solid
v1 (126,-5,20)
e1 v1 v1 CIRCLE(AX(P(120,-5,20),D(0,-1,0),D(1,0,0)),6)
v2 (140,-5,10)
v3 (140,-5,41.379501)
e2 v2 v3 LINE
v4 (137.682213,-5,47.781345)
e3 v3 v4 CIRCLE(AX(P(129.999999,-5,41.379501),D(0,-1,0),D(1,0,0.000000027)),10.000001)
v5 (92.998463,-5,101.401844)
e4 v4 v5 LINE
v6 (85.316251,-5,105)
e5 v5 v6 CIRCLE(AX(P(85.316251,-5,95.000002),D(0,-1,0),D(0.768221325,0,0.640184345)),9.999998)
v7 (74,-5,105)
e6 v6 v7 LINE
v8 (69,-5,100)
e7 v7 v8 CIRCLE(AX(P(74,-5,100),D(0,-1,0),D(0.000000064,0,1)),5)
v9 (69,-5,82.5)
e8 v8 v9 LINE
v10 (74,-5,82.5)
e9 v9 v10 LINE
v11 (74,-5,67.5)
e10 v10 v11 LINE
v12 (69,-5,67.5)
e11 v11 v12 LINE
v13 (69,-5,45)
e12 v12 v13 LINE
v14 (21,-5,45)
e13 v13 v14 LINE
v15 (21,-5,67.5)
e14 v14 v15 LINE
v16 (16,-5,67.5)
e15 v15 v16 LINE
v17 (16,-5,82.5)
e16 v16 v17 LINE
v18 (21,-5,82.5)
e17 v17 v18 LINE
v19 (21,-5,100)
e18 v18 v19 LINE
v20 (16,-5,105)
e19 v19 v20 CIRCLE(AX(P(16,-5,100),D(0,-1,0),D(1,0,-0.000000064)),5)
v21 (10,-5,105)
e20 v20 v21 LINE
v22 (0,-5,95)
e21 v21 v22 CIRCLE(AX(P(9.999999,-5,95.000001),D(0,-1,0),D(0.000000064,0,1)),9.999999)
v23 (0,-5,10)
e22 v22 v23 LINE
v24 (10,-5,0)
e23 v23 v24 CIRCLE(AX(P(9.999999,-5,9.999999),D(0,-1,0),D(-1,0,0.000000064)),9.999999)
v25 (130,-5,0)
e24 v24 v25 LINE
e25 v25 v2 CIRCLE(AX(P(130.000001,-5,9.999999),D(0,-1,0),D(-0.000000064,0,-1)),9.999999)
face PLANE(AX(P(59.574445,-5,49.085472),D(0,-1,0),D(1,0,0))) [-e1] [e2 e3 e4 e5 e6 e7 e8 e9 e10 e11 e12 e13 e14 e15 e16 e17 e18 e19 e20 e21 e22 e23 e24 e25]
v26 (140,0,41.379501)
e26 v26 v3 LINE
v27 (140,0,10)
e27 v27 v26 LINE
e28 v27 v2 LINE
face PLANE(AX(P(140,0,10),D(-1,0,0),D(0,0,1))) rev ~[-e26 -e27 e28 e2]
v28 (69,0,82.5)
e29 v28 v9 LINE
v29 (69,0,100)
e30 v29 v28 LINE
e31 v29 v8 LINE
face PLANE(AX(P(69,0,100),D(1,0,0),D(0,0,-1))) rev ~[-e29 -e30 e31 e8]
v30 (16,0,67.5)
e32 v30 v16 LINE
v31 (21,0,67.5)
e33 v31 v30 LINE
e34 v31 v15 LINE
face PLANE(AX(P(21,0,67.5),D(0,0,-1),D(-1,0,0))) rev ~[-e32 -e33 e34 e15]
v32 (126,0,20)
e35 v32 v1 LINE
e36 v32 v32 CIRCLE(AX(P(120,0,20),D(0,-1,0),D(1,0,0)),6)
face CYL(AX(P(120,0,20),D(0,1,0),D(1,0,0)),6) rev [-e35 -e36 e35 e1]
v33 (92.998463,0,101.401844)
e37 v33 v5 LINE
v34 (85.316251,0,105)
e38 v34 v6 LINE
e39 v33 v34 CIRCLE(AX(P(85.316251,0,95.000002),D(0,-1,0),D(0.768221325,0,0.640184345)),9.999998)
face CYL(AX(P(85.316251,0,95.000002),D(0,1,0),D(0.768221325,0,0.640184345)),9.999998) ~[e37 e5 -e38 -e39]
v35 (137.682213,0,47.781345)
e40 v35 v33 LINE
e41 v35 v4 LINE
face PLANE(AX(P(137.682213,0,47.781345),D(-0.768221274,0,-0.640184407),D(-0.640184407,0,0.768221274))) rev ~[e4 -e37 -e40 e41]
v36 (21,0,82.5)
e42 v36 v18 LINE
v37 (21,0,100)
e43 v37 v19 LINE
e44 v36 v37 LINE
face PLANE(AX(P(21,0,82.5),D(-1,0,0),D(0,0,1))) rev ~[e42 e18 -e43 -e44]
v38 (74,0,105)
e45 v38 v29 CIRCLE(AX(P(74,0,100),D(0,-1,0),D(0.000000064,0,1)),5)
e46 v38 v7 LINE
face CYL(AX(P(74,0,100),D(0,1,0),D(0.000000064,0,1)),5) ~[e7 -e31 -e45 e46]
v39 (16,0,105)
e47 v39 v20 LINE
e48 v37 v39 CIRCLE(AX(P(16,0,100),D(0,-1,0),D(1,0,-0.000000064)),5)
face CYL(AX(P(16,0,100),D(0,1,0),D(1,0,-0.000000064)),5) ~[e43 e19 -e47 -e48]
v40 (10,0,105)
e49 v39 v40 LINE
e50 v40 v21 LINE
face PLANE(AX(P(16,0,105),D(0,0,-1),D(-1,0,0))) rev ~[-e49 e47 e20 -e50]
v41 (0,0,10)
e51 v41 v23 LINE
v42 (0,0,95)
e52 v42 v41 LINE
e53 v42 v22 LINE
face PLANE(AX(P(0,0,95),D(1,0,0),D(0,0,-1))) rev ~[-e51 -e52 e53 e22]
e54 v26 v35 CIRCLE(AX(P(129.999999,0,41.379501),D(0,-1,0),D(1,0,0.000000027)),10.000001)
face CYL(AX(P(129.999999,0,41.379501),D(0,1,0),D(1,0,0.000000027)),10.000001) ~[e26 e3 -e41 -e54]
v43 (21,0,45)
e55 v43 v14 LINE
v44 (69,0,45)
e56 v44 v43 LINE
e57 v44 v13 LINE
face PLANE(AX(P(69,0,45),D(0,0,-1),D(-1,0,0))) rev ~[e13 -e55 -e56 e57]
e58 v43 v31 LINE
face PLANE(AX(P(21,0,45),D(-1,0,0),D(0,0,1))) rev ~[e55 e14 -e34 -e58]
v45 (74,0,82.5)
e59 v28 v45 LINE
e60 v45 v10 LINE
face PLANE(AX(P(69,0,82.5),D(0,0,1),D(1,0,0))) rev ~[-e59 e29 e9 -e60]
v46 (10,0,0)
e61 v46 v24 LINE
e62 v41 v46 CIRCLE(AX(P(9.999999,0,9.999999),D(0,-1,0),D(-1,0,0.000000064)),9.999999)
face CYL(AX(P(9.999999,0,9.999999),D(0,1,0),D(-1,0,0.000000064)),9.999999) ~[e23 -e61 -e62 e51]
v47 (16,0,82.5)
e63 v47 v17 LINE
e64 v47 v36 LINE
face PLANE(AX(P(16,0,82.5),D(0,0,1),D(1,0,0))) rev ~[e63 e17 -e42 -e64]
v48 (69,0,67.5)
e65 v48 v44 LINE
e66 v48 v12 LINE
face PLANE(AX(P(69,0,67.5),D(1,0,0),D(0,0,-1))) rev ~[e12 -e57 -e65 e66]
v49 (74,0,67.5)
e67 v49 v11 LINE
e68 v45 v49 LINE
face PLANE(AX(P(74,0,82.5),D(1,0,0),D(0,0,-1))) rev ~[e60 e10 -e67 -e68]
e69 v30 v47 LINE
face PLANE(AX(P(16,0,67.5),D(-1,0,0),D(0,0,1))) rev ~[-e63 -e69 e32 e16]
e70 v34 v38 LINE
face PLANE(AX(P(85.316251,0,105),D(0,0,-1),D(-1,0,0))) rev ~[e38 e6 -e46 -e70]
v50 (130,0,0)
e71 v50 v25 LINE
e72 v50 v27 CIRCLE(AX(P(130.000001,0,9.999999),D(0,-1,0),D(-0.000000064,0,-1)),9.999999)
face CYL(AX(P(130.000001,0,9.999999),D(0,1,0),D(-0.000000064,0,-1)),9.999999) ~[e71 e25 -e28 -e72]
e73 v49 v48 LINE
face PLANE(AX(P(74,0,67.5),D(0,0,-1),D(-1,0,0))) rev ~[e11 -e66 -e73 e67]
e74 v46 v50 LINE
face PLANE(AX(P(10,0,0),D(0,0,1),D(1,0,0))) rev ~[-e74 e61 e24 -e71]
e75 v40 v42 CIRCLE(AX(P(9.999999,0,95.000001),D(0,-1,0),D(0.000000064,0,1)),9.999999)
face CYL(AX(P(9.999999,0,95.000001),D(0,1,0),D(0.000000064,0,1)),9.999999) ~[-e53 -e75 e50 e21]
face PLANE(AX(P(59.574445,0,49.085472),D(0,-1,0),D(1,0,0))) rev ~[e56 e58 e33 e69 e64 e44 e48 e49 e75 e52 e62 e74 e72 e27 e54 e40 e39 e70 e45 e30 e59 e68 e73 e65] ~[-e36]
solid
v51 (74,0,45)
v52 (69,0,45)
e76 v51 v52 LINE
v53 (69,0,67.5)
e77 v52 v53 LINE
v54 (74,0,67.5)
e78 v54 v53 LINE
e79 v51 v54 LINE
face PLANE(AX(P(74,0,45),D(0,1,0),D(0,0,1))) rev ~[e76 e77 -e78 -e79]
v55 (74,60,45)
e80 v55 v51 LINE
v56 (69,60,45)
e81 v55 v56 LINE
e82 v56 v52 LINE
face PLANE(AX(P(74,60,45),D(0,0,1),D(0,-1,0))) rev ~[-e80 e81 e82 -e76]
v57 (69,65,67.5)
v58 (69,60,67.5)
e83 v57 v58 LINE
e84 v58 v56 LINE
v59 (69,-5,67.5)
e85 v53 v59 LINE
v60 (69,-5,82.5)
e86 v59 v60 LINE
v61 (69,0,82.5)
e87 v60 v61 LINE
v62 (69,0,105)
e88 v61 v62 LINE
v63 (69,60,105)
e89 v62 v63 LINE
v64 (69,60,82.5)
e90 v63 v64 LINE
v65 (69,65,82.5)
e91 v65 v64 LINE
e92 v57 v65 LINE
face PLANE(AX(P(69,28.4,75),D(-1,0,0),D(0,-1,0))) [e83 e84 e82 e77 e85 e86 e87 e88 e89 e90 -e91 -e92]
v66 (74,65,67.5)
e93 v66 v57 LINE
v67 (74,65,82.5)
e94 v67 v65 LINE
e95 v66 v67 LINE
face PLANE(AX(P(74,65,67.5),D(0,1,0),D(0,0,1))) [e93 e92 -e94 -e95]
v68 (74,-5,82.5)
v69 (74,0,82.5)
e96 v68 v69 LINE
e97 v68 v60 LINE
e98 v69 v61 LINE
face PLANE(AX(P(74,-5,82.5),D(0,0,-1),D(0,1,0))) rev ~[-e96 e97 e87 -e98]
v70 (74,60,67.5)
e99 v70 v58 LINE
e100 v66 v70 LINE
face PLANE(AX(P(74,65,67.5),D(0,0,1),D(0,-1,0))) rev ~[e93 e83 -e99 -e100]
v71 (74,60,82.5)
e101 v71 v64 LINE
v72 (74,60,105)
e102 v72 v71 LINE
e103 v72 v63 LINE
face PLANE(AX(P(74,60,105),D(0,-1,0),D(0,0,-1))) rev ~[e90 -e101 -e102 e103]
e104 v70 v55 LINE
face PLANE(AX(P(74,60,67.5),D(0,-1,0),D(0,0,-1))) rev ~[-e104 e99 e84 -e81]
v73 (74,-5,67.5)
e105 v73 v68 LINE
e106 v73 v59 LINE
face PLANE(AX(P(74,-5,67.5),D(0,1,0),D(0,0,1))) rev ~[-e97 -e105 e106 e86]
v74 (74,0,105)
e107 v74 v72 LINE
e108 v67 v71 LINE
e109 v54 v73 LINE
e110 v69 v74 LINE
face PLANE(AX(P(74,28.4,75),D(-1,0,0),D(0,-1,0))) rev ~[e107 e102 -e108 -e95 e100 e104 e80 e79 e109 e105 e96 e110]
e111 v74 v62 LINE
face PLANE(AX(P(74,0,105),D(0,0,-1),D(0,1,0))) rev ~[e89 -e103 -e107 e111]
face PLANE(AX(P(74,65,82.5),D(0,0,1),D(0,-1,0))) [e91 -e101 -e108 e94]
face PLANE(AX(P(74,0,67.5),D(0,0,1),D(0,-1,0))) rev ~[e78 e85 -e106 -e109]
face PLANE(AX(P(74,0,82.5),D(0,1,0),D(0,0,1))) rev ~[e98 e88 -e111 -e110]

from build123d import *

# Parameters (mm, degrees)
F0_R     = 6
F1_DEPTH = 5
F2_W     = 5
F2_H     = 15
F3_DEPTH = 5


with BuildPart() as f1:
    # F0 (on Front) → F1 (new body)
    with BuildSketch(Plane.XZ):
        with BuildLine():
            ThreePointArc((0, 10), (2.928932, 2.928932), (10, 0))
            Line((10, 0), (130, 0))
            ThreePointArc((130, 0), (137.071068, 2.928932), (140, 10))
            Line((140, 10), (140, 41.379501))
            ThreePointArc((140, 41.379501), (139.402716, 44.783753), (137.682213, 47.781345))
            Line((137.682213, 47.781345), (92.998463, 101.401844))
            ThreePointArc((92.998463, 101.401844), (89.557805, 104.055894), (85.316251, 105))
            Line((85.316251, 105), (74, 105))
            ThreePointArc((74, 105), (70.464466, 103.535534), (69, 100))
            Line((69, 100), (69, 82.5))
            Line((69, 82.5), (74, 82.5))
            Line((74, 82.5), (74, 67.5))
            Line((74, 67.5), (69, 67.5))
            Line((69, 67.5), (69, 45))
            Line((69, 45), (21, 45))
            Line((21, 45), (21, 67.5))
            Line((21, 67.5), (16, 67.5))
            Line((16, 67.5), (16, 82.5))
            Line((16, 82.5), (21, 82.5))
            Line((21, 82.5), (21, 100))
            ThreePointArc((21, 100), (19.535534, 103.535534), (16, 105))
            Line((16, 105), (10, 105))
            ThreePointArc((10, 105), (2.928932, 102.071068), (0, 95))
            Line((0, 95), (0, 10))
        make_face()
        with Locations((120, 20)):
            Circle(F0_R, mode=Mode.SUBTRACT)
    extrude(amount=F1_DEPTH)


with BuildPart() as f3:
    # F2 (on face) → F3 (new body)
    with BuildSketch(Plane(origin=(74, 0, 0), x_dir=(0, -1, 0), z_dir=(-1, 0, 0))):
        Polygon((5, 67.5), (5, 82.5), (0, 82.5), (0, 105), (-60, 105), (-60, 82.5), (-60, 67.5), (-60, 45), (0, 45), (0, 67.5), align=None)
        with Locations((-62.5, 75)):
            Rectangle(F2_W, F2_H)
    extrude(amount=F3_DEPTH)


solid = Compound([f1.part, f3.part])
